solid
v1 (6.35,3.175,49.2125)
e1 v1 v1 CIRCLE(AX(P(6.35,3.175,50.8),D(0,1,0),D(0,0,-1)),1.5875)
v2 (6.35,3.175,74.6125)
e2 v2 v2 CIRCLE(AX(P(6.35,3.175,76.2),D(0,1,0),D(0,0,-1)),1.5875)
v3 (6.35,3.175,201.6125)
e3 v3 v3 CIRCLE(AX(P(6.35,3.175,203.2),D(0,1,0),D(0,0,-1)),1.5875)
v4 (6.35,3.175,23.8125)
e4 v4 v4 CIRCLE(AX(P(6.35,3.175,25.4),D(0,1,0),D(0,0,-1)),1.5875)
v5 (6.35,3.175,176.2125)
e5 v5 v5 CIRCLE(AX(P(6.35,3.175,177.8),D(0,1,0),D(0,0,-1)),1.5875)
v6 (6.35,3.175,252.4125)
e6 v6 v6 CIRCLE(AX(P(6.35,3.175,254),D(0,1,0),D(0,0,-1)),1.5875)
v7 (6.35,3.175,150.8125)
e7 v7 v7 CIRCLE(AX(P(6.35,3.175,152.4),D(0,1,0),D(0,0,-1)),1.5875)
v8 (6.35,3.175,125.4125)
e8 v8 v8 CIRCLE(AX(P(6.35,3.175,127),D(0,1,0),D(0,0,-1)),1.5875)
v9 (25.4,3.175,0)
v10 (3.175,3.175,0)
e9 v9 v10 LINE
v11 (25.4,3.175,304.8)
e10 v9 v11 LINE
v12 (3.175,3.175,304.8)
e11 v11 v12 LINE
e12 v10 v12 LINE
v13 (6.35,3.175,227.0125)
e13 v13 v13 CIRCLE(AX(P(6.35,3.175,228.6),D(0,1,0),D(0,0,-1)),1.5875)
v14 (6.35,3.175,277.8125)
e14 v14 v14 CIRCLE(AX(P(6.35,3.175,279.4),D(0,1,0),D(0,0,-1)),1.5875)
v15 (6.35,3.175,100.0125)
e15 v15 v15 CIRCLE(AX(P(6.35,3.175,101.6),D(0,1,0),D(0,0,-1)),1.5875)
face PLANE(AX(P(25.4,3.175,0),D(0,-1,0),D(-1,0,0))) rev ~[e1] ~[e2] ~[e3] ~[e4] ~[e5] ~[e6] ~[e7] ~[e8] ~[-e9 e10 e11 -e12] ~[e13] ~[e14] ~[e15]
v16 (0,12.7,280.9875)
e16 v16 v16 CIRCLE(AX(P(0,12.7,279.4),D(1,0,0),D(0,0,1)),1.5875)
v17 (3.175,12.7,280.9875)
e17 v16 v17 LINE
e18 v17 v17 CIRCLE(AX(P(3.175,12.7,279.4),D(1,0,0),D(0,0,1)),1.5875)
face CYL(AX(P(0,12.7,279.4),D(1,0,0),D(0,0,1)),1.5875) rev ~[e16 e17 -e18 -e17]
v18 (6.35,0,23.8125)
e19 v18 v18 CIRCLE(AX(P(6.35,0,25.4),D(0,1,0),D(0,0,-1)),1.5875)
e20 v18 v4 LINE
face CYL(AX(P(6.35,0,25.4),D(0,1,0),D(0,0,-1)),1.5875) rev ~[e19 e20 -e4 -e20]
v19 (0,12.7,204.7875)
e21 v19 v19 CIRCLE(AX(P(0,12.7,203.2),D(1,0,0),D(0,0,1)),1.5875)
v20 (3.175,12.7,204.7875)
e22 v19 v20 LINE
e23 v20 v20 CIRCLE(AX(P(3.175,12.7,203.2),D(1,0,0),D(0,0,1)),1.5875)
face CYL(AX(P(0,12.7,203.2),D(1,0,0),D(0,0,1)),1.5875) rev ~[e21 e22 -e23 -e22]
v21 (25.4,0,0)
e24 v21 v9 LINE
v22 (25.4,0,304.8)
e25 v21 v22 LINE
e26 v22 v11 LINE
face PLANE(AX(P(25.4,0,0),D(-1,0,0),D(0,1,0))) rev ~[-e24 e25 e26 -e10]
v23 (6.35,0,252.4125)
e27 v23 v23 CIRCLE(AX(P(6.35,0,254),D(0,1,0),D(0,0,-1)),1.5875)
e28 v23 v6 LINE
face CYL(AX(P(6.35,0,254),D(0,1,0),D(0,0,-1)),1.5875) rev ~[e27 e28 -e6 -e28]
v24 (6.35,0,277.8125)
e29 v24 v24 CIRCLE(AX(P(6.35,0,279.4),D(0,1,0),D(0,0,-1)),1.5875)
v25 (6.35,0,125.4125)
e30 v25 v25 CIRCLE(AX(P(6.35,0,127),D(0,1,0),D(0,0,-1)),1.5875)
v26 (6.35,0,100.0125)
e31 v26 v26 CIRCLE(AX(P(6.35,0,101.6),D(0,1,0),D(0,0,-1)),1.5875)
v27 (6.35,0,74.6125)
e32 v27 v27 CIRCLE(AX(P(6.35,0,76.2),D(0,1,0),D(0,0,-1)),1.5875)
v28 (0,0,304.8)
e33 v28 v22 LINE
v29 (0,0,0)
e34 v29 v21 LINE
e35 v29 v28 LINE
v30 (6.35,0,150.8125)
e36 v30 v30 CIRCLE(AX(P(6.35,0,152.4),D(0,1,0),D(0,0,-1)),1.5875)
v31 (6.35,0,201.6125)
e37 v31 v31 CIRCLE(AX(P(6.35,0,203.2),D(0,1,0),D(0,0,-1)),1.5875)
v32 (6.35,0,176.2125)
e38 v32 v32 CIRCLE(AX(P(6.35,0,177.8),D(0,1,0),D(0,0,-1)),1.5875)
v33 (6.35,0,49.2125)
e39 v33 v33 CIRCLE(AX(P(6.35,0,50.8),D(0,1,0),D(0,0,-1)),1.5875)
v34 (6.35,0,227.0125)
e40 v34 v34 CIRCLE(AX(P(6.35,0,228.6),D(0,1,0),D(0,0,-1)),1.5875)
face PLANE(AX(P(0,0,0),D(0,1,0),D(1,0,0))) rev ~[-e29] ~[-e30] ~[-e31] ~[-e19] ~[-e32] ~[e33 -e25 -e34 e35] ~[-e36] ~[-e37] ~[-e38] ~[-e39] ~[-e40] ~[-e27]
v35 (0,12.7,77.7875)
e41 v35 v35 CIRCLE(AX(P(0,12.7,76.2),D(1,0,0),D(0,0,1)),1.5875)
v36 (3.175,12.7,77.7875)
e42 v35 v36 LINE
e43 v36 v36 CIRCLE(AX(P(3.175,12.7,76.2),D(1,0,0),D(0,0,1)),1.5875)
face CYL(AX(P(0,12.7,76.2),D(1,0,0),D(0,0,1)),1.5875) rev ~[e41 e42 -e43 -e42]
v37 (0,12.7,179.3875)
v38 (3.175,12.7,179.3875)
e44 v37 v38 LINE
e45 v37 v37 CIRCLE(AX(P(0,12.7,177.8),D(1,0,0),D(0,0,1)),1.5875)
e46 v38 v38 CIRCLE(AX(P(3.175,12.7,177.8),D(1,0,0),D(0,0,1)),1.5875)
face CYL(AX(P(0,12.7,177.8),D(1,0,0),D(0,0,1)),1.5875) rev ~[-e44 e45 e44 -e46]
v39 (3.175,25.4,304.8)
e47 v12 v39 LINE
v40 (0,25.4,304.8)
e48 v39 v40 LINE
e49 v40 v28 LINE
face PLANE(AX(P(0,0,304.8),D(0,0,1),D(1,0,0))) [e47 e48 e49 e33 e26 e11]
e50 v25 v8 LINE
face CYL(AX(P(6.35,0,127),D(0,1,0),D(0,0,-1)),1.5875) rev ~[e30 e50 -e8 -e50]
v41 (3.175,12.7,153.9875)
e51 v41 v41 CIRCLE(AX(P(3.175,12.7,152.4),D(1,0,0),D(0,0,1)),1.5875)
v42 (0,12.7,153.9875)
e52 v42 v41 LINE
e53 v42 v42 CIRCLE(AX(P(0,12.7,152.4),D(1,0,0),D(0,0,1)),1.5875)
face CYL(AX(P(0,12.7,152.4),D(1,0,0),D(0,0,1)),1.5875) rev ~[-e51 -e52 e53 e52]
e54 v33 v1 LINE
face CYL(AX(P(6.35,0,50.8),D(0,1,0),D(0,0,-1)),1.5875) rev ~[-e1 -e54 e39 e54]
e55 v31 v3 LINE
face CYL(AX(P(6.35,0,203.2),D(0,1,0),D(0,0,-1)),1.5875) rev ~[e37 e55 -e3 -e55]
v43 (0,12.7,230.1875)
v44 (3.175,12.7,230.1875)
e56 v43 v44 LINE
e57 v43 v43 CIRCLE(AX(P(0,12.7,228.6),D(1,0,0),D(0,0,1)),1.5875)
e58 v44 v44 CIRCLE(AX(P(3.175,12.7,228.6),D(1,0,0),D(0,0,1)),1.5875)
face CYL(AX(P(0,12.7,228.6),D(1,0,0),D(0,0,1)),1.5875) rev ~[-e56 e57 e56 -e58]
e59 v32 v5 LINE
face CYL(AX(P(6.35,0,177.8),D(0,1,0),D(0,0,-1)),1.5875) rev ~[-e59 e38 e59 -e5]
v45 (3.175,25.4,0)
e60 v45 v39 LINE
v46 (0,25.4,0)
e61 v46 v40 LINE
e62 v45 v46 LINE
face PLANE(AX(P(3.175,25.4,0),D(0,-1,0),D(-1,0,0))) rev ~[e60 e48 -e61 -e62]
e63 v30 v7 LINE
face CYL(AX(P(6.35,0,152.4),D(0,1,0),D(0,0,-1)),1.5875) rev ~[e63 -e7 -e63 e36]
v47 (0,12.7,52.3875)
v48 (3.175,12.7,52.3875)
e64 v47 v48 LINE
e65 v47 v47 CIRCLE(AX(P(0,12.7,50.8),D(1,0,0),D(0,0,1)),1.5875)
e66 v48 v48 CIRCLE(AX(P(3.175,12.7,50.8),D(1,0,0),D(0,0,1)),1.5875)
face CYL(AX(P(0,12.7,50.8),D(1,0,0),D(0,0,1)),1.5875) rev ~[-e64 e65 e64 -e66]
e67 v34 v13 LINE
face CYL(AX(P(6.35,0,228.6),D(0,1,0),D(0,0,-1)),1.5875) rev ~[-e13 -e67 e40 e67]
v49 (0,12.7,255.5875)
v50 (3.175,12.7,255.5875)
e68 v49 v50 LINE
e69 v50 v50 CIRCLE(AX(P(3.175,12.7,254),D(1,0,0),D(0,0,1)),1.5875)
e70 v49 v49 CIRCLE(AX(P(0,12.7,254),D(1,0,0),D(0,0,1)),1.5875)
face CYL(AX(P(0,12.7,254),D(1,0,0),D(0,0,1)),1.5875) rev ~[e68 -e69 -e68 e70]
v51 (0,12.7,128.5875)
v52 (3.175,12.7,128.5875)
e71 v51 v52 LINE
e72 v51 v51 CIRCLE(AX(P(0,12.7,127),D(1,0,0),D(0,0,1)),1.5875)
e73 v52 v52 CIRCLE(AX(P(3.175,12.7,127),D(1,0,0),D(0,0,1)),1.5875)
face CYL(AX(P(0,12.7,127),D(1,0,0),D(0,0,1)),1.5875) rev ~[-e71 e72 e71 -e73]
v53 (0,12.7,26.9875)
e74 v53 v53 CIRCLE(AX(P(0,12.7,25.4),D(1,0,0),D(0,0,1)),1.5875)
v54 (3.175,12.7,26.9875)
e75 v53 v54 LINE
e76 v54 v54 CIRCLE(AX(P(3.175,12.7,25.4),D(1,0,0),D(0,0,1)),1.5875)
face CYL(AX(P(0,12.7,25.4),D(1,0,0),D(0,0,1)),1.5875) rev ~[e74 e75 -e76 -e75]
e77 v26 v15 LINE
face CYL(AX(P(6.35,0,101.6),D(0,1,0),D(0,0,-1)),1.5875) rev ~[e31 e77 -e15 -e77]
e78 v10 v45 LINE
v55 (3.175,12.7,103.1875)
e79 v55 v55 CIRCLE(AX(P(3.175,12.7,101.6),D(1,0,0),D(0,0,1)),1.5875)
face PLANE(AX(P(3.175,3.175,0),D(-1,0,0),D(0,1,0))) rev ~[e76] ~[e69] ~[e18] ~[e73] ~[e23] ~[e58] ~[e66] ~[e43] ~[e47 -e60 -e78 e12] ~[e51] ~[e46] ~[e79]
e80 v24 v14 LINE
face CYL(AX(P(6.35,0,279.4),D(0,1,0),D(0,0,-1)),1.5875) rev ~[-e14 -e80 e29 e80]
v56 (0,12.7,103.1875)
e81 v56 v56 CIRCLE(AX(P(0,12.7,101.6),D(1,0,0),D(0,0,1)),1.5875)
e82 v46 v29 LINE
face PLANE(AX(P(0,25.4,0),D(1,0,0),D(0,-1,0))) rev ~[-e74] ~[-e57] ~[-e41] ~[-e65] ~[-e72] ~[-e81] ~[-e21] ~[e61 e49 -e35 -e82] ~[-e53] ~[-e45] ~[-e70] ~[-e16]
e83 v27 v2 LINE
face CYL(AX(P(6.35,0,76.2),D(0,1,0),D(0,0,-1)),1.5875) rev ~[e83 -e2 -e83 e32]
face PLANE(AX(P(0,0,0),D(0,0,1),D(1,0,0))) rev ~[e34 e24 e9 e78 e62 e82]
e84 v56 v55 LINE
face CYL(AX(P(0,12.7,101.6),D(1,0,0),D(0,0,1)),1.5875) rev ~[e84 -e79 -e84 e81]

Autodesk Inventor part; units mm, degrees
ref_plane "YZ Plane" through (0, 0, 0) normal (1, 0, 0) x (0, 1, 0)
ref_plane "XZ Plane" through (0, 0, 0) normal (0, 1, 0) x (-1, 0, 0)
ref_plane "XY Plane" through (0, 0, 0) normal (0, 0, 1) x (1, 0, 0)
sketch "Sketch1" plane through (0, 0, 0) normal (0, 0, 1) x (1, 0, 0)
  line L0 (0, 25.4) -> (0, 0)
  line L1 (0, 0) -> (25.4, 0)
  line L2 (25.4, 0) -> (25.4, 3.175)
  line L3 (25.4, 3.175) -> (3.175, 3.175)
  line L4 (3.175, 3.175) -> (3.175, 25.4)
  line L5 (3.175, 25.4) -> (0, 25.4)
  dimension "d11" = 25.4
  dimension "d12" = 25.4
  dimension "d13" = 3.175
  dimension "d14" = 3.175
extrude "Extrusion1" add sketch "Sketch1" along normal blind 304.8
hole "Hole1" at (6.35, 0, 25.4) direction (0, 1, 0) diameter 3.175 end through all
hole "Hole2" at (0, 12.7, 25.4) direction (1, 0, 0) diameter 3.175 end through all
pattern_linear "Rectangular Pattern1" count 11 spacing 25.4 along (0, 0, 1) of "Hole1"
pattern_linear "Rectangular Pattern2" count 11 spacing 25.4 along (0, 0, 1) of "Hole2"
properties part number "Fer Angle"
